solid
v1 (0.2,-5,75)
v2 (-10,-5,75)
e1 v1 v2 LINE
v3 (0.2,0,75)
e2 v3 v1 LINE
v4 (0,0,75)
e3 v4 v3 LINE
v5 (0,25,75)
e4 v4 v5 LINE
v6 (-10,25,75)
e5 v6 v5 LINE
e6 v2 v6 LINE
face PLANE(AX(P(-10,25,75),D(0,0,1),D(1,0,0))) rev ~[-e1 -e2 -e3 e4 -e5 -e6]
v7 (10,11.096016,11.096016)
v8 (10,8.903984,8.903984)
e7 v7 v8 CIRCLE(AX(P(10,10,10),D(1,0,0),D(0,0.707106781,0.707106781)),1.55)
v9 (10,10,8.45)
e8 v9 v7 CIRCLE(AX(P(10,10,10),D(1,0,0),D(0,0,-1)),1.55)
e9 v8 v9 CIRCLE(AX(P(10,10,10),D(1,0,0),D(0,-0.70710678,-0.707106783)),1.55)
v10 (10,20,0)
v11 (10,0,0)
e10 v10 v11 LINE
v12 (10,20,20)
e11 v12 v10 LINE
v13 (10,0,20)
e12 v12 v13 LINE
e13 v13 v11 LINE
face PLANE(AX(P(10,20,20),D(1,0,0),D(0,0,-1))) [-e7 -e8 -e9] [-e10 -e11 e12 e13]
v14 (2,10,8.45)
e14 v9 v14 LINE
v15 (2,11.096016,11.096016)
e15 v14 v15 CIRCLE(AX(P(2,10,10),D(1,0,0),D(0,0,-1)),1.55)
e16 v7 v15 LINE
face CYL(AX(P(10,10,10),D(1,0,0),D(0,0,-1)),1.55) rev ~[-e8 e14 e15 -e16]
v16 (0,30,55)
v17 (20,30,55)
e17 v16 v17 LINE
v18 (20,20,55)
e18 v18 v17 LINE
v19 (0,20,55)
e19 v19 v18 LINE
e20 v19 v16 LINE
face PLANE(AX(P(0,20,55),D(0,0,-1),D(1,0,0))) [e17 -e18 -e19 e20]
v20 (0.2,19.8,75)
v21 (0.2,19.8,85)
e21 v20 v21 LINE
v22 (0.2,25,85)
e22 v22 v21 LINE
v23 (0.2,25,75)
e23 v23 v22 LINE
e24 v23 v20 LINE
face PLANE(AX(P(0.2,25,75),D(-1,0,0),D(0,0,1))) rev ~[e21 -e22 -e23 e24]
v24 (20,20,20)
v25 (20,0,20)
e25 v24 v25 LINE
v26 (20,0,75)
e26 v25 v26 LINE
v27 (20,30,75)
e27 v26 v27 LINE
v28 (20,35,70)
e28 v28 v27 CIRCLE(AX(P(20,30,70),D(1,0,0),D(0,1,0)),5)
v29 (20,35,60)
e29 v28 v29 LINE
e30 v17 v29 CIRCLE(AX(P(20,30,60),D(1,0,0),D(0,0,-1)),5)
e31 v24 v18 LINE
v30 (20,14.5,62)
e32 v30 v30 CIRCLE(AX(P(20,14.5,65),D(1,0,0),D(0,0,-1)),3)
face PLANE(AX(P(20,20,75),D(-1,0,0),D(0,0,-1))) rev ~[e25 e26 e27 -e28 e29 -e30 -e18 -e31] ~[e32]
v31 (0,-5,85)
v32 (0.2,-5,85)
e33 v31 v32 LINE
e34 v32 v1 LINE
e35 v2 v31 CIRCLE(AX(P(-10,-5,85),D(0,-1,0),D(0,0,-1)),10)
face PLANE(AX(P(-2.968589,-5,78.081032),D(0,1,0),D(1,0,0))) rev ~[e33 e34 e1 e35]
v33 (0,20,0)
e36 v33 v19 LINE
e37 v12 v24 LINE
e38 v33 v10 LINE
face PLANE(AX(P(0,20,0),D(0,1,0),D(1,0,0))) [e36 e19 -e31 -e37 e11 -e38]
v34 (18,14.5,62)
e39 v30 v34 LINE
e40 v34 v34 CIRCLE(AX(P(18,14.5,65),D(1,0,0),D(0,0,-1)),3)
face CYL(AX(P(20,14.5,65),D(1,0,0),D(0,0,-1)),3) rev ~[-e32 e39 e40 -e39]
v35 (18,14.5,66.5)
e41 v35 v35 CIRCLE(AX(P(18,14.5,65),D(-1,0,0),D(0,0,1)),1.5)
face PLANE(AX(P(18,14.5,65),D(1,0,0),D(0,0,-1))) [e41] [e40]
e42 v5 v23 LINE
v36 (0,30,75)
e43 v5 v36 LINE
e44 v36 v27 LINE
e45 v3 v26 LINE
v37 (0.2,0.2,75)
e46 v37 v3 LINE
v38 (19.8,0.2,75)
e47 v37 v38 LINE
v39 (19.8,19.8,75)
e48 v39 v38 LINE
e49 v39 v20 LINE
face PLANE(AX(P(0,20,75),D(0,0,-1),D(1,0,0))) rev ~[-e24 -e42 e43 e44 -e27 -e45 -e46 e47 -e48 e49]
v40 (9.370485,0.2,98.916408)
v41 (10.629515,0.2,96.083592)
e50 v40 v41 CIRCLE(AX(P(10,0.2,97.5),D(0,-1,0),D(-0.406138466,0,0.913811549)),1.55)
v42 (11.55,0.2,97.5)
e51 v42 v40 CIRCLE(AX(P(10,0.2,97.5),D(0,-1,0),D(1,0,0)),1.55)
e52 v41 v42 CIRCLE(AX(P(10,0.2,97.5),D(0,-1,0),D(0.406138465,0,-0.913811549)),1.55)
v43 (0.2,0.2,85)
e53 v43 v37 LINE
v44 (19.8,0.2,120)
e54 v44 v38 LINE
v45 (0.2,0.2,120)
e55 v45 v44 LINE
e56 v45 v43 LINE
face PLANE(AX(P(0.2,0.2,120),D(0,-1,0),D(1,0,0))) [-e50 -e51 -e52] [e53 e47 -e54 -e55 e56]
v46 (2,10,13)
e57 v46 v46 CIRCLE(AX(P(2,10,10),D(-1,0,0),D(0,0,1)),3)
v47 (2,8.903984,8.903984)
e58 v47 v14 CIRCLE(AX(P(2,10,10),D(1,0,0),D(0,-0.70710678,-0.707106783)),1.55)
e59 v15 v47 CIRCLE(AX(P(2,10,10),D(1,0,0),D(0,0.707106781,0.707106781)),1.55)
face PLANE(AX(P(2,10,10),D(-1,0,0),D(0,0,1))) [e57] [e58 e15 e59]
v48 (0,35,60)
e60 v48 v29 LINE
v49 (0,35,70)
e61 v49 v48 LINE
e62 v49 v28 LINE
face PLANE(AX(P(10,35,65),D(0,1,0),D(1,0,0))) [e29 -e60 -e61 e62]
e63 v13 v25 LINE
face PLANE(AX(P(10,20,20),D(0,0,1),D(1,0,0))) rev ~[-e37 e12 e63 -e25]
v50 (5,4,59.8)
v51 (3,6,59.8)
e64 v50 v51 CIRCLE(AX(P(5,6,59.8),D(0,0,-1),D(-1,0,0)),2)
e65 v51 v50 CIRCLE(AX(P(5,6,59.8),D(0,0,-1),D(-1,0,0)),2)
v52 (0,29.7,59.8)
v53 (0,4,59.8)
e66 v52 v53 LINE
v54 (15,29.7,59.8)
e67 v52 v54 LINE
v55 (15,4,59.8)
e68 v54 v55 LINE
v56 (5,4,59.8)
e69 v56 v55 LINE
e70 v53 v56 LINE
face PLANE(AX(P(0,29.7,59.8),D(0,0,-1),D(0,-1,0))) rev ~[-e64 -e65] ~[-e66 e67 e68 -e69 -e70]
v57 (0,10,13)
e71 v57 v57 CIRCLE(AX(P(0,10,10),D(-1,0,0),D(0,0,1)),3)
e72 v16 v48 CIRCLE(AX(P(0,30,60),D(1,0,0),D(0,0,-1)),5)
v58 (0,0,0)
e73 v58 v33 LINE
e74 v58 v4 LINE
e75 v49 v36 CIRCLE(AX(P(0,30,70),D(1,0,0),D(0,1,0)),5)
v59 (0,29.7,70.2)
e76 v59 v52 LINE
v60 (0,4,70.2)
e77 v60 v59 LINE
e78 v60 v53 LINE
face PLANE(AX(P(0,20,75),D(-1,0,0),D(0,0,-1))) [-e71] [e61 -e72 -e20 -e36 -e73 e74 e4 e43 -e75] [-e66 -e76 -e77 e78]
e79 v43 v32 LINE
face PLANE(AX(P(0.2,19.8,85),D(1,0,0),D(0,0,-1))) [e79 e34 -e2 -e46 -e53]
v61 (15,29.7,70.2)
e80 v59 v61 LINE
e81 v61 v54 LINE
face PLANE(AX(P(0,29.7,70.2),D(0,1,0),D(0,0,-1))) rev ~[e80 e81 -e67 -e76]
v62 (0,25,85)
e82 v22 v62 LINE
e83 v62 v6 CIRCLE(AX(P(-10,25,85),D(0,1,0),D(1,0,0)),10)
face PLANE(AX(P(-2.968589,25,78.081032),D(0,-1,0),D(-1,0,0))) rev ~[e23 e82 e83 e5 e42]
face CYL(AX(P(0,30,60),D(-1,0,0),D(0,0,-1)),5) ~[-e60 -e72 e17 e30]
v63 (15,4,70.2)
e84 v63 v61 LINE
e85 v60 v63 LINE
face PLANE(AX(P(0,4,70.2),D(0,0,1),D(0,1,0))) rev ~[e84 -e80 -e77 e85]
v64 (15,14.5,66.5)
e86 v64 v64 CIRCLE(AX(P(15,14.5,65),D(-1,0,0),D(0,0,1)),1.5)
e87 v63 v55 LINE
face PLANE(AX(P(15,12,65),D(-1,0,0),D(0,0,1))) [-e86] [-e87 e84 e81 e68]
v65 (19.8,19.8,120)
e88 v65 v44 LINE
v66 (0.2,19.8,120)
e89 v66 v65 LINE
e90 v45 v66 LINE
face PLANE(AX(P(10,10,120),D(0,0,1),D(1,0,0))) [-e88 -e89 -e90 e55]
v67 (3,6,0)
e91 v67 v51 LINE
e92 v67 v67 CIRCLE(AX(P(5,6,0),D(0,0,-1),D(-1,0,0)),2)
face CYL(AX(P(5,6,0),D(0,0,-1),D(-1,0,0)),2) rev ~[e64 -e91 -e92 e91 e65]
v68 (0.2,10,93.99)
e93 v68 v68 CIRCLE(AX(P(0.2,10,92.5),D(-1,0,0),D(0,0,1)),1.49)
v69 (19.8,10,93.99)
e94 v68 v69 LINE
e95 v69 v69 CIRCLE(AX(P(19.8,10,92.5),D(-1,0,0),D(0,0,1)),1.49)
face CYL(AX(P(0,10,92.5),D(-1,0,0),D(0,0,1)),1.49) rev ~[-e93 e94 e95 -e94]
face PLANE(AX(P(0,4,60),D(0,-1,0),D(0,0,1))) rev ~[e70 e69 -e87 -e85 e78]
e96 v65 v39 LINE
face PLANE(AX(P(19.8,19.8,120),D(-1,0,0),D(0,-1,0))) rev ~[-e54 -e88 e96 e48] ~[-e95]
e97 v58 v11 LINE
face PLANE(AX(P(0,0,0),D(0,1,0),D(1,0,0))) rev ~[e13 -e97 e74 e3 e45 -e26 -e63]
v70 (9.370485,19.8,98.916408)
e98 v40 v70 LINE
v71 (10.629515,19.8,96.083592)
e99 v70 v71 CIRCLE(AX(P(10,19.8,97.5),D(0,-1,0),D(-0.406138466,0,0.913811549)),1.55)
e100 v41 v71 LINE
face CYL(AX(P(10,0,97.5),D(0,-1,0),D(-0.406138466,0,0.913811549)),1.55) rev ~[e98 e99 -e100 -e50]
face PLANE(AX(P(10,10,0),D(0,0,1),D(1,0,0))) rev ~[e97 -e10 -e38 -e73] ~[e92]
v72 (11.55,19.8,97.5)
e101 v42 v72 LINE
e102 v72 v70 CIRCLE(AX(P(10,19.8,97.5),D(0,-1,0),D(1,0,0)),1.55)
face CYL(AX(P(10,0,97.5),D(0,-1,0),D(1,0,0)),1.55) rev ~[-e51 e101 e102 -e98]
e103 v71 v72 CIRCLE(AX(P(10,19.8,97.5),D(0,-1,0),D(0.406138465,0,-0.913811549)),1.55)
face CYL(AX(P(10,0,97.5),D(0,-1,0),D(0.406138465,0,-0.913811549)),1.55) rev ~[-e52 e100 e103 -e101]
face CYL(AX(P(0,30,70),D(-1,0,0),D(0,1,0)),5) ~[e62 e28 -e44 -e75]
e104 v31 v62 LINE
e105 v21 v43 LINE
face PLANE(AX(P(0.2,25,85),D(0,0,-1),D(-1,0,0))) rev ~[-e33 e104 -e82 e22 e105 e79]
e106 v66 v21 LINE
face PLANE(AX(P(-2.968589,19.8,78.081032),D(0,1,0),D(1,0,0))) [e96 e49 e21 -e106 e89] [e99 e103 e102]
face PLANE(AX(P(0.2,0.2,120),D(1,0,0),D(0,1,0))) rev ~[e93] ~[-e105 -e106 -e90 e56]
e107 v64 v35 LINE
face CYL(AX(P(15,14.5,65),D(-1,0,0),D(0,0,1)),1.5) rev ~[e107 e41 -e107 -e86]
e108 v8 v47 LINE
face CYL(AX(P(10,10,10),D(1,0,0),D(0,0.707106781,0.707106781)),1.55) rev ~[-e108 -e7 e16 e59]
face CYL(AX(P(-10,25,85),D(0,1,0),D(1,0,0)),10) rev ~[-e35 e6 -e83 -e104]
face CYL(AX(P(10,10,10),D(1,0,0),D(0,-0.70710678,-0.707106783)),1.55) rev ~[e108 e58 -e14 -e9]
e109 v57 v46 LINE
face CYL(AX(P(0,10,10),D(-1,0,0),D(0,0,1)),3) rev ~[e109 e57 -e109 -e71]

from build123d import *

# Parameters (mm, degrees)
SKETCH_1_W           = 20
SKETCH_1_H           = 20
EXTRUDE_1_DEPTH      = 120
SKETCH_2_W           = 10
SKETCH_2_H           = 20
CUT_EXTRUDE_1_DEPTH  = 120
CUT_EXTRUDE_2_DEPTH  = 120
SKETCH_4_R           = 3
CUT_EXTRUDE_3_DEPTH  = 2
SKETCH_6_R           = 1.49
CUT_EXTRUDE_4_DEPTH  = 20
CUT_EXTRUDE_5_DEPTH  = 20
SKETCH_8_W           = 19.6
SKETCH_8_H           = 0.2
SKETCH_8_W_2         = 0.2
SKETCH_8_H_2         = 19.6
CUT_EXTRUDE_6_DEPTH  = 45
EXTRUDE_2_DEPTH      = 24.8
EXTRUDE_START        = 5.2
EXTRUDE_3_DEPTH      = 5.2
SKETCH_12_W          = 20
SKETCH_12_H          = 20
EXTRUDE_4_DEPTH      = 15
CUT_EXTRUDE_7_DEPTH  = 15
SKETCH_14_R          = 2
CUT_EXTRUDE_8_DEPTH  = 70
SKETCH_15_R          = 1.5
CUT_EXTRUDE_9_DEPTH  = 5
SKETCH_16_R          = 3
CUT_EXTRUDE_10_DEPTH = 2
CUT_EXTRUDE_11_DEPTH = 20
SKETCH_18_W          = 0.2
SKETCH_18_H          = 25.5
CUT_EXTRUDE_12_DEPTH = 15


with BuildPart() as part:
    # 草图1 → 凸台-拉伸1 (new body)
    with BuildSketch(Plane.XY):
        with Locations((10, 10)):
            Rectangle(SKETCH_1_W, SKETCH_1_H)
    extrude(amount=EXTRUDE_1_DEPTH)

    # 草图2 → 切除-拉伸1 (cut)
    with BuildSketch(Plane(origin=(0, 20, 0), x_dir=(1, 0, 0), z_dir=(0, 1, 0))):
        with Locations((15, -10)):
            Rectangle(SKETCH_2_W, SKETCH_2_H)
    extrude(amount=-CUT_EXTRUDE_1_DEPTH, mode=Mode.SUBTRACT)

    # 草图3 → 切除-拉伸2 (cut)
    with BuildSketch(Plane(origin=(10, 0, 0), x_dir=(0, 0, -1), z_dir=(1, 0, 0))):
        with BuildLine():
            ThreePointArc((-8.45, 10), (-9.40684068, 11.432013275), (-11.096015511, 11.096015511))
            Line((-11.096015511, 11.096015511), (-8.903984489, 8.903984489))
            ThreePointArc((-8.903984489, 8.903984489), (-8.567986725, 9.40684068), (-8.45, 10))
        make_face()
        with BuildLine():
            Line((-8.903984489, 8.903984489), (-11.096015511, 11.096015511))
            ThreePointArc((-11.096015511, 11.096015511), (-11.096015511, 8.903984489), (-8.903984489, 8.903984489))
        make_face()
    extrude(amount=-CUT_EXTRUDE_2_DEPTH, mode=Mode.SUBTRACT)

    # 草图4 → 切除-拉伸3 (cut)
    with BuildSketch(Plane.ZY):
        with Locations((10, 10)):
            Circle(SKETCH_4_R)
    extrude(amount=-CUT_EXTRUDE_3_DEPTH, mode=Mode.SUBTRACT)

    # 草图6 → 切除-拉伸4 (cut)
    with BuildSketch(Plane.ZY):
        with Locations((92.5, 10)):
            Circle(SKETCH_6_R)
    extrude(amount=-CUT_EXTRUDE_4_DEPTH, mode=Mode.SUBTRACT)

    # 草图7 → 切除-拉伸5 (cut)
    with BuildSketch(Plane.XZ):
        with BuildLine():
            ThreePointArc((11.55, 97.5), (10.844615988, 98.799662969), (9.370485378, 98.9164079))
            Line((9.370485378, 98.9164079), (10.629514622, 96.0835921))
            ThreePointArc((10.629514622, 96.0835921), (11.299662969, 96.655384012), (11.55, 97.5))
        make_face()
        with BuildLine():
            Line((10.629514622, 96.0835921), (9.370485378, 98.9164079))
            ThreePointArc((9.370485378, 98.9164079), (8.5835921, 96.870485378), (10.629514622, 96.0835921))
        make_face()
    extrude(amount=-CUT_EXTRUDE_5_DEPTH, mode=Mode.SUBTRACT)

    # 草图8 → 切除-拉伸6 (cut)
    with BuildSketch(Plane.XY.offset(120)):
        with Locations((10, 19.9)):
            Rectangle(SKETCH_8_W, SKETCH_8_H)
        with Locations((0.1, 19.9)):
            Rectangle(SKETCH_8_W_2, SKETCH_8_H)
        with Locations((0.1, 10)):
            Rectangle(SKETCH_8_W_2, SKETCH_8_H_2)
        with Locations((19.9, 10)):
            Rectangle(SKETCH_8_W_2, SKETCH_8_H_2)
        with Locations((19.9, 0.1)):
            Rectangle(SKETCH_8_W_2, SKETCH_8_H)
        with Locations((10, 0.1)):
            Rectangle(SKETCH_8_W, SKETCH_8_H)
        with Locations((0.1, 0.1)):
            Rectangle(SKETCH_8_W_2, SKETCH_8_H)
        with Locations((19.9, 19.9)):
            Rectangle(SKETCH_8_W_2, SKETCH_8_H)
    extrude(amount=-CUT_EXTRUDE_6_DEPTH, mode=Mode.SUBTRACT)

    # 草图9 → 凸台-拉伸2 (add)
    with BuildSketch(Plane(origin=(0, 19.8, 0), x_dir=(1, 0, 0), z_dir=(0, 1, 0))):
        with BuildLine():
            Line((0, -75), (-10, -75))
            ThreePointArc((-10, -75), (-2.928932188, -77.928932188), (0, -85))
            Line((0, -85), (0.2, -85))
            Line((0.2, -85), (0.2, -75))
            Line((0.2, -75), (0, -75))
        make_face()
    extrude(amount=-EXTRUDE_2_DEPTH)

    # 草图10 → 凸台-拉伸3 (add)
    with BuildSketch(Plane(origin=(0, 19.8, 0), x_dir=(1, 0, 0), z_dir=(0, 1, 0)).offset(EXTRUDE_START)):
        with BuildLine():
            Line((-10, -75), (0, -75))
            Line((0, -75), (0.2, -75))
            Line((0.2, -75), (0.2, -85))
            Line((0.2, -85), (0, -85))
            ThreePointArc((0, -85), (-2.928932188, -77.928932188), (-10, -75))
        make_face()
    extrude(amount=-EXTRUDE_3_DEPTH)

    # 草图12 → 凸台-拉伸4 (add)
    with BuildSketch(Plane(origin=(0, 20, 0), x_dir=(1, 0, 0), z_dir=(0, 1, 0))):
        with Locations((10, -65)):
            Rectangle(SKETCH_12_W, SKETCH_12_H)
    extrude(amount=EXTRUDE_4_DEPTH)

    # 草图13 → 切除-拉伸7 (cut)
    with BuildSketch(Plane.ZY):
        Polygon((65, 20), (60, 20), (60, 4), (70, 4), (70, 20), align=None)
        Polygon((60, 29.5), (60, 20), (65, 20), (65, 25), (65, 29.5), align=None)
        Polygon((65, 25), (65, 20), (70, 20), (70, 29.5), (65, 29.5), align=None)
    extrude(amount=-CUT_EXTRUDE_7_DEPTH, mode=Mode.SUBTRACT)

    # 草图14 → 切除-拉伸8 (cut)
    with BuildSketch(Plane(origin=(0, 0, 0), x_dir=(-1, 0, 0), z_dir=(0, 0, -1))):
        with Locations((-5, 6)):
            Circle(SKETCH_14_R)
    extrude(amount=-CUT_EXTRUDE_8_DEPTH, mode=Mode.SUBTRACT)

    # 草图15 → 切除-拉伸9 (cut)
    with BuildSketch(Plane.ZY.offset(-15)):
        with Locations((65, 14.5)):
            Circle(SKETCH_15_R)
    extrude(amount=-CUT_EXTRUDE_9_DEPTH, mode=Mode.SUBTRACT)

    # 草图16 → 切除-拉伸10 (cut)
    with BuildSketch(Plane(origin=(20, 0, 0), x_dir=(0, 0, -1), z_dir=(1, 0, 0))):
        with Locations((-65, 14.5)):
            Circle(SKETCH_16_R)
    extrude(amount=-CUT_EXTRUDE_10_DEPTH, mode=Mode.SUBTRACT)

    # 草图17 → 切除-拉伸11 (cut)
    with BuildSketch(Plane.ZY):
        with BuildLine():
            Line((60, 35), (55, 35))
            Line((55, 35), (55, 30))
            ThreePointArc((55, 30), (56.464466094, 33.535533906), (60, 35))
        make_face()
        with BuildLine():
            Line((75, 35), (70, 35))
            ThreePointArc((70, 35), (73.535533906, 33.535533906), (75, 30))
            Line((75, 30), (75, 35))
        make_face()
    extrude(amount=-CUT_EXTRUDE_11_DEPTH, mode=Mode.SUBTRACT)

    # 草图18 → 切除-拉伸12 (cut)
    with BuildSketch(Plane.ZY):
        with Locations((59.9, 16.75)):
            Rectangle(SKETCH_18_W, SKETCH_18_H)
        Polygon((70, 29.5), (70.2, 29.5), (70.2, 29.7), (59.8, 29.7), (59.8, 29.5), (60, 29.5), align=None)
        with Locations((70.1, 16.75)):
            Rectangle(SKETCH_18_W, SKETCH_18_H)
    extrude(amount=-CUT_EXTRUDE_12_DEPTH, mode=Mode.SUBTRACT)


solid = part.part
